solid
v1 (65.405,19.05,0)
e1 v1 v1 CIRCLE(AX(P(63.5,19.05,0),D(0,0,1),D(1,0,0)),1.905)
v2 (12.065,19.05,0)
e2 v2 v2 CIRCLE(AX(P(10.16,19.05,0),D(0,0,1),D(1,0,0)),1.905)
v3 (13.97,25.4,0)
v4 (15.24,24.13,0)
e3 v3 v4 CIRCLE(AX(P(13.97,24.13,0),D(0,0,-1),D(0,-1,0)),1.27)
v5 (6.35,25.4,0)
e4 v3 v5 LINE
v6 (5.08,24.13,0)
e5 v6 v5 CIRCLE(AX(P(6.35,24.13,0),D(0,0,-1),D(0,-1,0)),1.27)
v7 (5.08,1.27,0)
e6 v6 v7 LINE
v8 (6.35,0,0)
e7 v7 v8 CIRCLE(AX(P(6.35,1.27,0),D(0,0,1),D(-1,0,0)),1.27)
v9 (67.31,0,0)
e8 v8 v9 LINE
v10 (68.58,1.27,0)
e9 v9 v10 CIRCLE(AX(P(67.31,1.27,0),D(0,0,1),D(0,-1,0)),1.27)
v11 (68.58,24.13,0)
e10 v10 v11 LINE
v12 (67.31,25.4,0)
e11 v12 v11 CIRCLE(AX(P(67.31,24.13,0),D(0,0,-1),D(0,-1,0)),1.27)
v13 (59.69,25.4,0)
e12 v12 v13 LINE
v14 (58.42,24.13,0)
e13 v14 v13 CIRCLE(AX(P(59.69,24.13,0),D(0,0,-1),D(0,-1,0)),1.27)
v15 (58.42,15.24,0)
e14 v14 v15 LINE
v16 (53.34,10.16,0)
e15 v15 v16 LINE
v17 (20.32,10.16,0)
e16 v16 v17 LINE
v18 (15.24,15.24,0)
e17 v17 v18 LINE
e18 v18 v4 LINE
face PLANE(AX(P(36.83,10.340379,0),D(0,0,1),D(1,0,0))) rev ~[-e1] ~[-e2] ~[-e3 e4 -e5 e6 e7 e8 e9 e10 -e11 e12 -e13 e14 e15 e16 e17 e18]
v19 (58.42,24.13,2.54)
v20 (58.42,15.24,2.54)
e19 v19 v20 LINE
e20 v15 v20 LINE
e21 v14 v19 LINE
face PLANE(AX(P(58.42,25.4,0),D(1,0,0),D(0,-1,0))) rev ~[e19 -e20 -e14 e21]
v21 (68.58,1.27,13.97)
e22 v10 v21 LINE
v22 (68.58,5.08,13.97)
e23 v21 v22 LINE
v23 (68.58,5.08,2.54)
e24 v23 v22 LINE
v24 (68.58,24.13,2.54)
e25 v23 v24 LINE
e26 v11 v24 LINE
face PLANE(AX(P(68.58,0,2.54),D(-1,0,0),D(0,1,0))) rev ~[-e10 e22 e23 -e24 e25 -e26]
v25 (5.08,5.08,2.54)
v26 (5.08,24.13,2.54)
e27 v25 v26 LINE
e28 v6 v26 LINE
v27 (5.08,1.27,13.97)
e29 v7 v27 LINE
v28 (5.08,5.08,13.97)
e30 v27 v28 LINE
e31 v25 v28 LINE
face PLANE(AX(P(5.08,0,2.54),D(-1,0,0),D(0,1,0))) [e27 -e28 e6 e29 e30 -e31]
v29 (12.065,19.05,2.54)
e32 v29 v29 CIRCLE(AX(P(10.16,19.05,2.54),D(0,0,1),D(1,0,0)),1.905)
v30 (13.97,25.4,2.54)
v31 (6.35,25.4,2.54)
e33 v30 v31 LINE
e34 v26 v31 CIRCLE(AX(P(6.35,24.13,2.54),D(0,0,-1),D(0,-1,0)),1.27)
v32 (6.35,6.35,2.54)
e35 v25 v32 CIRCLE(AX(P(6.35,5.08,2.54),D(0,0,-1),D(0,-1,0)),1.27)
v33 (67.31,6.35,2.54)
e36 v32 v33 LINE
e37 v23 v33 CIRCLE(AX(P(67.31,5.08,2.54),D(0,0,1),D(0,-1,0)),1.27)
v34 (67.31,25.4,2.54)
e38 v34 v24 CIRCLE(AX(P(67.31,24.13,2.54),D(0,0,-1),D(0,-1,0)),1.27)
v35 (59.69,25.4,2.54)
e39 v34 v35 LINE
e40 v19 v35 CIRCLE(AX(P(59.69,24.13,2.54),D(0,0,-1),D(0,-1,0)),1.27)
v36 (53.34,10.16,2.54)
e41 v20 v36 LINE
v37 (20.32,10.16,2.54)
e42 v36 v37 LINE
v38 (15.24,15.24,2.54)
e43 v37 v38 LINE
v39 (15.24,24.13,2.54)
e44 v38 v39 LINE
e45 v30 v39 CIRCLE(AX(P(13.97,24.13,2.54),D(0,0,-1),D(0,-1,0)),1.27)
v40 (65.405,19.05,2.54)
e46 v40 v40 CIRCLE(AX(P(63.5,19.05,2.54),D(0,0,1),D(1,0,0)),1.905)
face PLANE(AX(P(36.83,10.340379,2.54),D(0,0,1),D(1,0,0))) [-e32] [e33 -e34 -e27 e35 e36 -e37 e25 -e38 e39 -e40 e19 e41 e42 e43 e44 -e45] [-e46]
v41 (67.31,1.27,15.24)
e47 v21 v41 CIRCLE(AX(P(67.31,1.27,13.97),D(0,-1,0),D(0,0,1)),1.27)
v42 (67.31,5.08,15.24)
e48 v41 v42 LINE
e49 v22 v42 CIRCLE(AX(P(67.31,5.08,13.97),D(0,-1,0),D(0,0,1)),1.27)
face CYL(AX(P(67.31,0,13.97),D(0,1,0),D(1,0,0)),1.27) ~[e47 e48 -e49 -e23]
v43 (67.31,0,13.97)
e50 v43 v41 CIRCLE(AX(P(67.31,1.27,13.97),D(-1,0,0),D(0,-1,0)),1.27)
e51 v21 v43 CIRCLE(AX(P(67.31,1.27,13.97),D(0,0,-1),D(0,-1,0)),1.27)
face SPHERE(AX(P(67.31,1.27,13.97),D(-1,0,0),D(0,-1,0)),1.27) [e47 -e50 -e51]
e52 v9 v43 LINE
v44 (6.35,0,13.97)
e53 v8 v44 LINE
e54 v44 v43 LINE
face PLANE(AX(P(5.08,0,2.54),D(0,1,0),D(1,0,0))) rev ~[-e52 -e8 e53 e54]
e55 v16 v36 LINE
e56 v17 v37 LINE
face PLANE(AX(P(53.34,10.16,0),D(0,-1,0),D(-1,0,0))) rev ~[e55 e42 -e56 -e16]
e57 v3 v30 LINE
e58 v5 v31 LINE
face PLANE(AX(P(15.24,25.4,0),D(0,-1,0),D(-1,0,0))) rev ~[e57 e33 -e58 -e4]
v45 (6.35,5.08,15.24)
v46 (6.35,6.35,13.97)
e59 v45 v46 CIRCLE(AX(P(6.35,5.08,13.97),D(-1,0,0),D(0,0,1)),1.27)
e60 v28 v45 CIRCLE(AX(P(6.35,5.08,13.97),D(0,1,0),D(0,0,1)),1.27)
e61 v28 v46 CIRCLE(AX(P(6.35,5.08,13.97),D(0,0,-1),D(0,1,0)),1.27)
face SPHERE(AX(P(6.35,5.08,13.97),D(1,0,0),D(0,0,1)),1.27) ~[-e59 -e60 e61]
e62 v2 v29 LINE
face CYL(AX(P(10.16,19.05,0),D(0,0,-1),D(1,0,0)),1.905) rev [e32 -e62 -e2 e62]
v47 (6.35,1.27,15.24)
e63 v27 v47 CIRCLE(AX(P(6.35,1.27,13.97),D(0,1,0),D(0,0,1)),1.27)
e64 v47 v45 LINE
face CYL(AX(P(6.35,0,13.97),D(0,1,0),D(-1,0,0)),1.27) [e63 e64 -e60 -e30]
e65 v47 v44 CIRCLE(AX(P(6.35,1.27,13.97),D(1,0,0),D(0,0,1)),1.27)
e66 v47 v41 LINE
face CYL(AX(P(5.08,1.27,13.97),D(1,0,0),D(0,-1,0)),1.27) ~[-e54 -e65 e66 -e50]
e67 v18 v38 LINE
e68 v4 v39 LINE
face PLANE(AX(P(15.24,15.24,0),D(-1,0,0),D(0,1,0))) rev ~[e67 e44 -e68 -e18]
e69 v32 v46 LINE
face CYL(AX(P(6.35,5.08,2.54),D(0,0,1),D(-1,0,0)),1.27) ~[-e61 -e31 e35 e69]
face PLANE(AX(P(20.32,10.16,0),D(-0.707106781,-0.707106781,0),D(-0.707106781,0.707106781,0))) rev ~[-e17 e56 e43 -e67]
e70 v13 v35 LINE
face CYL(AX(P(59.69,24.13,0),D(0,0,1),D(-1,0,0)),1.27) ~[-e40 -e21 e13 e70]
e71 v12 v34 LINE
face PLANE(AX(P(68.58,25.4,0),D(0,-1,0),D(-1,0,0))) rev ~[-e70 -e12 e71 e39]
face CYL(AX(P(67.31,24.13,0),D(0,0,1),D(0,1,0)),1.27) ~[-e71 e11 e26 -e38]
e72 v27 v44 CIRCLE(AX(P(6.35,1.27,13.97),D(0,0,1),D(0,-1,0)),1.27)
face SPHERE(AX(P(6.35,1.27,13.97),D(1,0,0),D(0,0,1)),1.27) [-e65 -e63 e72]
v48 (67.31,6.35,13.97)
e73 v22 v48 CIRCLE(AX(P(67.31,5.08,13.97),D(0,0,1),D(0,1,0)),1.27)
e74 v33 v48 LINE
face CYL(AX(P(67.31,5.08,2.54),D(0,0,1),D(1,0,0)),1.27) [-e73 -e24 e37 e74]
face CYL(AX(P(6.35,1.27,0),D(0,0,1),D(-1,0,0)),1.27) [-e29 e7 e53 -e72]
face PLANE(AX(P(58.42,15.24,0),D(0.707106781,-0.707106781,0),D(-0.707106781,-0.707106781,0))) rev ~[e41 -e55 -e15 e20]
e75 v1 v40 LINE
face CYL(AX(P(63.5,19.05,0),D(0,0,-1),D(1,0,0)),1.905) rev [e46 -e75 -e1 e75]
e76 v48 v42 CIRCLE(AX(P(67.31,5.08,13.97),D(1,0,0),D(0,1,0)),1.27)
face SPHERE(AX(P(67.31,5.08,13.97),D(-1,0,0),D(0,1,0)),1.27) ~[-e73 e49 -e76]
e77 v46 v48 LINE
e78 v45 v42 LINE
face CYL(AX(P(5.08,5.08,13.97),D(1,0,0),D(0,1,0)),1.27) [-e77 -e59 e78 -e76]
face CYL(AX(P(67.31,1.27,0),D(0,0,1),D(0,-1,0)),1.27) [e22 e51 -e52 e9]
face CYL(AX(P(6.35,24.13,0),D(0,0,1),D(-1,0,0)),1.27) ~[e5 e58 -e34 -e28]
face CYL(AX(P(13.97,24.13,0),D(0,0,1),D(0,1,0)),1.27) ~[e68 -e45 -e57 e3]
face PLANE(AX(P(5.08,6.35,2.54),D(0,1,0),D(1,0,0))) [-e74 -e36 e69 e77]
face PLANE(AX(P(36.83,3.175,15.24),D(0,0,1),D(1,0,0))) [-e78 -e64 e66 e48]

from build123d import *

# Parameters (mm, degrees)
F0_R     = 1.905
F1_DEPTH = 2.54
F2_W     = 63.5
F2_H     = 6.35
F3_DEPTH = 12.7
F4_R     = 1.27
F5_R     = 1.27


with BuildPart() as f1:
    # F0 (on Top) → F1 (new body)
    with BuildSketch(Plane.XY):
        Polygon((5.08, 25.4), (5.08, 0), (68.58, 0), (68.58, 25.4), (58.42, 25.4), (58.42, 15.24), (53.34, 10.16), (20.32, 10.16), (15.24, 15.24), (15.24, 25.4), align=None)
        with Locations((10.16, 19.05)):
            Circle(F0_R, mode=Mode.SUBTRACT)
        with Locations((63.5, 19.05)):
            Circle(F0_R, mode=Mode.SUBTRACT)
    extrude(amount=F1_DEPTH)

    # F2 (on face) → F3 (join)
    with BuildSketch(Plane.XY.offset(2.54)):
        with Locations((36.83, 3.175)):
            Rectangle(F2_W, F2_H)
    extrude(amount=F3_DEPTH)

    # F4
    f4_edges = [f1.edges().sort_by_distance(p)[0] for p in [
        (36.83, 0, 15.24),
        (36.83, 6.35, 15.24),
        (68.58, 0, 7.62),
        (68.58, 6.35, 8.89),
        (68.58, 3.175, 15.24),
        (5.08, 3.175, 15.24),
        (5.08, 0, 7.62),
        (5.08, 6.35, 8.89),
    ]]
    fillet(f4_edges, radius=F4_R)

    # F5
    f5_edges = [f1.edges().sort_by_distance(p)[0] for p in [
        (68.58, 25.4, 1.27),
        (58.42, 25.4, 1.27),
        (15.24, 25.4, 1.27),
        (5.08, 25.4, 1.27),
    ]]
    fillet(f5_edges, radius=F5_R)


solid = f1.part
